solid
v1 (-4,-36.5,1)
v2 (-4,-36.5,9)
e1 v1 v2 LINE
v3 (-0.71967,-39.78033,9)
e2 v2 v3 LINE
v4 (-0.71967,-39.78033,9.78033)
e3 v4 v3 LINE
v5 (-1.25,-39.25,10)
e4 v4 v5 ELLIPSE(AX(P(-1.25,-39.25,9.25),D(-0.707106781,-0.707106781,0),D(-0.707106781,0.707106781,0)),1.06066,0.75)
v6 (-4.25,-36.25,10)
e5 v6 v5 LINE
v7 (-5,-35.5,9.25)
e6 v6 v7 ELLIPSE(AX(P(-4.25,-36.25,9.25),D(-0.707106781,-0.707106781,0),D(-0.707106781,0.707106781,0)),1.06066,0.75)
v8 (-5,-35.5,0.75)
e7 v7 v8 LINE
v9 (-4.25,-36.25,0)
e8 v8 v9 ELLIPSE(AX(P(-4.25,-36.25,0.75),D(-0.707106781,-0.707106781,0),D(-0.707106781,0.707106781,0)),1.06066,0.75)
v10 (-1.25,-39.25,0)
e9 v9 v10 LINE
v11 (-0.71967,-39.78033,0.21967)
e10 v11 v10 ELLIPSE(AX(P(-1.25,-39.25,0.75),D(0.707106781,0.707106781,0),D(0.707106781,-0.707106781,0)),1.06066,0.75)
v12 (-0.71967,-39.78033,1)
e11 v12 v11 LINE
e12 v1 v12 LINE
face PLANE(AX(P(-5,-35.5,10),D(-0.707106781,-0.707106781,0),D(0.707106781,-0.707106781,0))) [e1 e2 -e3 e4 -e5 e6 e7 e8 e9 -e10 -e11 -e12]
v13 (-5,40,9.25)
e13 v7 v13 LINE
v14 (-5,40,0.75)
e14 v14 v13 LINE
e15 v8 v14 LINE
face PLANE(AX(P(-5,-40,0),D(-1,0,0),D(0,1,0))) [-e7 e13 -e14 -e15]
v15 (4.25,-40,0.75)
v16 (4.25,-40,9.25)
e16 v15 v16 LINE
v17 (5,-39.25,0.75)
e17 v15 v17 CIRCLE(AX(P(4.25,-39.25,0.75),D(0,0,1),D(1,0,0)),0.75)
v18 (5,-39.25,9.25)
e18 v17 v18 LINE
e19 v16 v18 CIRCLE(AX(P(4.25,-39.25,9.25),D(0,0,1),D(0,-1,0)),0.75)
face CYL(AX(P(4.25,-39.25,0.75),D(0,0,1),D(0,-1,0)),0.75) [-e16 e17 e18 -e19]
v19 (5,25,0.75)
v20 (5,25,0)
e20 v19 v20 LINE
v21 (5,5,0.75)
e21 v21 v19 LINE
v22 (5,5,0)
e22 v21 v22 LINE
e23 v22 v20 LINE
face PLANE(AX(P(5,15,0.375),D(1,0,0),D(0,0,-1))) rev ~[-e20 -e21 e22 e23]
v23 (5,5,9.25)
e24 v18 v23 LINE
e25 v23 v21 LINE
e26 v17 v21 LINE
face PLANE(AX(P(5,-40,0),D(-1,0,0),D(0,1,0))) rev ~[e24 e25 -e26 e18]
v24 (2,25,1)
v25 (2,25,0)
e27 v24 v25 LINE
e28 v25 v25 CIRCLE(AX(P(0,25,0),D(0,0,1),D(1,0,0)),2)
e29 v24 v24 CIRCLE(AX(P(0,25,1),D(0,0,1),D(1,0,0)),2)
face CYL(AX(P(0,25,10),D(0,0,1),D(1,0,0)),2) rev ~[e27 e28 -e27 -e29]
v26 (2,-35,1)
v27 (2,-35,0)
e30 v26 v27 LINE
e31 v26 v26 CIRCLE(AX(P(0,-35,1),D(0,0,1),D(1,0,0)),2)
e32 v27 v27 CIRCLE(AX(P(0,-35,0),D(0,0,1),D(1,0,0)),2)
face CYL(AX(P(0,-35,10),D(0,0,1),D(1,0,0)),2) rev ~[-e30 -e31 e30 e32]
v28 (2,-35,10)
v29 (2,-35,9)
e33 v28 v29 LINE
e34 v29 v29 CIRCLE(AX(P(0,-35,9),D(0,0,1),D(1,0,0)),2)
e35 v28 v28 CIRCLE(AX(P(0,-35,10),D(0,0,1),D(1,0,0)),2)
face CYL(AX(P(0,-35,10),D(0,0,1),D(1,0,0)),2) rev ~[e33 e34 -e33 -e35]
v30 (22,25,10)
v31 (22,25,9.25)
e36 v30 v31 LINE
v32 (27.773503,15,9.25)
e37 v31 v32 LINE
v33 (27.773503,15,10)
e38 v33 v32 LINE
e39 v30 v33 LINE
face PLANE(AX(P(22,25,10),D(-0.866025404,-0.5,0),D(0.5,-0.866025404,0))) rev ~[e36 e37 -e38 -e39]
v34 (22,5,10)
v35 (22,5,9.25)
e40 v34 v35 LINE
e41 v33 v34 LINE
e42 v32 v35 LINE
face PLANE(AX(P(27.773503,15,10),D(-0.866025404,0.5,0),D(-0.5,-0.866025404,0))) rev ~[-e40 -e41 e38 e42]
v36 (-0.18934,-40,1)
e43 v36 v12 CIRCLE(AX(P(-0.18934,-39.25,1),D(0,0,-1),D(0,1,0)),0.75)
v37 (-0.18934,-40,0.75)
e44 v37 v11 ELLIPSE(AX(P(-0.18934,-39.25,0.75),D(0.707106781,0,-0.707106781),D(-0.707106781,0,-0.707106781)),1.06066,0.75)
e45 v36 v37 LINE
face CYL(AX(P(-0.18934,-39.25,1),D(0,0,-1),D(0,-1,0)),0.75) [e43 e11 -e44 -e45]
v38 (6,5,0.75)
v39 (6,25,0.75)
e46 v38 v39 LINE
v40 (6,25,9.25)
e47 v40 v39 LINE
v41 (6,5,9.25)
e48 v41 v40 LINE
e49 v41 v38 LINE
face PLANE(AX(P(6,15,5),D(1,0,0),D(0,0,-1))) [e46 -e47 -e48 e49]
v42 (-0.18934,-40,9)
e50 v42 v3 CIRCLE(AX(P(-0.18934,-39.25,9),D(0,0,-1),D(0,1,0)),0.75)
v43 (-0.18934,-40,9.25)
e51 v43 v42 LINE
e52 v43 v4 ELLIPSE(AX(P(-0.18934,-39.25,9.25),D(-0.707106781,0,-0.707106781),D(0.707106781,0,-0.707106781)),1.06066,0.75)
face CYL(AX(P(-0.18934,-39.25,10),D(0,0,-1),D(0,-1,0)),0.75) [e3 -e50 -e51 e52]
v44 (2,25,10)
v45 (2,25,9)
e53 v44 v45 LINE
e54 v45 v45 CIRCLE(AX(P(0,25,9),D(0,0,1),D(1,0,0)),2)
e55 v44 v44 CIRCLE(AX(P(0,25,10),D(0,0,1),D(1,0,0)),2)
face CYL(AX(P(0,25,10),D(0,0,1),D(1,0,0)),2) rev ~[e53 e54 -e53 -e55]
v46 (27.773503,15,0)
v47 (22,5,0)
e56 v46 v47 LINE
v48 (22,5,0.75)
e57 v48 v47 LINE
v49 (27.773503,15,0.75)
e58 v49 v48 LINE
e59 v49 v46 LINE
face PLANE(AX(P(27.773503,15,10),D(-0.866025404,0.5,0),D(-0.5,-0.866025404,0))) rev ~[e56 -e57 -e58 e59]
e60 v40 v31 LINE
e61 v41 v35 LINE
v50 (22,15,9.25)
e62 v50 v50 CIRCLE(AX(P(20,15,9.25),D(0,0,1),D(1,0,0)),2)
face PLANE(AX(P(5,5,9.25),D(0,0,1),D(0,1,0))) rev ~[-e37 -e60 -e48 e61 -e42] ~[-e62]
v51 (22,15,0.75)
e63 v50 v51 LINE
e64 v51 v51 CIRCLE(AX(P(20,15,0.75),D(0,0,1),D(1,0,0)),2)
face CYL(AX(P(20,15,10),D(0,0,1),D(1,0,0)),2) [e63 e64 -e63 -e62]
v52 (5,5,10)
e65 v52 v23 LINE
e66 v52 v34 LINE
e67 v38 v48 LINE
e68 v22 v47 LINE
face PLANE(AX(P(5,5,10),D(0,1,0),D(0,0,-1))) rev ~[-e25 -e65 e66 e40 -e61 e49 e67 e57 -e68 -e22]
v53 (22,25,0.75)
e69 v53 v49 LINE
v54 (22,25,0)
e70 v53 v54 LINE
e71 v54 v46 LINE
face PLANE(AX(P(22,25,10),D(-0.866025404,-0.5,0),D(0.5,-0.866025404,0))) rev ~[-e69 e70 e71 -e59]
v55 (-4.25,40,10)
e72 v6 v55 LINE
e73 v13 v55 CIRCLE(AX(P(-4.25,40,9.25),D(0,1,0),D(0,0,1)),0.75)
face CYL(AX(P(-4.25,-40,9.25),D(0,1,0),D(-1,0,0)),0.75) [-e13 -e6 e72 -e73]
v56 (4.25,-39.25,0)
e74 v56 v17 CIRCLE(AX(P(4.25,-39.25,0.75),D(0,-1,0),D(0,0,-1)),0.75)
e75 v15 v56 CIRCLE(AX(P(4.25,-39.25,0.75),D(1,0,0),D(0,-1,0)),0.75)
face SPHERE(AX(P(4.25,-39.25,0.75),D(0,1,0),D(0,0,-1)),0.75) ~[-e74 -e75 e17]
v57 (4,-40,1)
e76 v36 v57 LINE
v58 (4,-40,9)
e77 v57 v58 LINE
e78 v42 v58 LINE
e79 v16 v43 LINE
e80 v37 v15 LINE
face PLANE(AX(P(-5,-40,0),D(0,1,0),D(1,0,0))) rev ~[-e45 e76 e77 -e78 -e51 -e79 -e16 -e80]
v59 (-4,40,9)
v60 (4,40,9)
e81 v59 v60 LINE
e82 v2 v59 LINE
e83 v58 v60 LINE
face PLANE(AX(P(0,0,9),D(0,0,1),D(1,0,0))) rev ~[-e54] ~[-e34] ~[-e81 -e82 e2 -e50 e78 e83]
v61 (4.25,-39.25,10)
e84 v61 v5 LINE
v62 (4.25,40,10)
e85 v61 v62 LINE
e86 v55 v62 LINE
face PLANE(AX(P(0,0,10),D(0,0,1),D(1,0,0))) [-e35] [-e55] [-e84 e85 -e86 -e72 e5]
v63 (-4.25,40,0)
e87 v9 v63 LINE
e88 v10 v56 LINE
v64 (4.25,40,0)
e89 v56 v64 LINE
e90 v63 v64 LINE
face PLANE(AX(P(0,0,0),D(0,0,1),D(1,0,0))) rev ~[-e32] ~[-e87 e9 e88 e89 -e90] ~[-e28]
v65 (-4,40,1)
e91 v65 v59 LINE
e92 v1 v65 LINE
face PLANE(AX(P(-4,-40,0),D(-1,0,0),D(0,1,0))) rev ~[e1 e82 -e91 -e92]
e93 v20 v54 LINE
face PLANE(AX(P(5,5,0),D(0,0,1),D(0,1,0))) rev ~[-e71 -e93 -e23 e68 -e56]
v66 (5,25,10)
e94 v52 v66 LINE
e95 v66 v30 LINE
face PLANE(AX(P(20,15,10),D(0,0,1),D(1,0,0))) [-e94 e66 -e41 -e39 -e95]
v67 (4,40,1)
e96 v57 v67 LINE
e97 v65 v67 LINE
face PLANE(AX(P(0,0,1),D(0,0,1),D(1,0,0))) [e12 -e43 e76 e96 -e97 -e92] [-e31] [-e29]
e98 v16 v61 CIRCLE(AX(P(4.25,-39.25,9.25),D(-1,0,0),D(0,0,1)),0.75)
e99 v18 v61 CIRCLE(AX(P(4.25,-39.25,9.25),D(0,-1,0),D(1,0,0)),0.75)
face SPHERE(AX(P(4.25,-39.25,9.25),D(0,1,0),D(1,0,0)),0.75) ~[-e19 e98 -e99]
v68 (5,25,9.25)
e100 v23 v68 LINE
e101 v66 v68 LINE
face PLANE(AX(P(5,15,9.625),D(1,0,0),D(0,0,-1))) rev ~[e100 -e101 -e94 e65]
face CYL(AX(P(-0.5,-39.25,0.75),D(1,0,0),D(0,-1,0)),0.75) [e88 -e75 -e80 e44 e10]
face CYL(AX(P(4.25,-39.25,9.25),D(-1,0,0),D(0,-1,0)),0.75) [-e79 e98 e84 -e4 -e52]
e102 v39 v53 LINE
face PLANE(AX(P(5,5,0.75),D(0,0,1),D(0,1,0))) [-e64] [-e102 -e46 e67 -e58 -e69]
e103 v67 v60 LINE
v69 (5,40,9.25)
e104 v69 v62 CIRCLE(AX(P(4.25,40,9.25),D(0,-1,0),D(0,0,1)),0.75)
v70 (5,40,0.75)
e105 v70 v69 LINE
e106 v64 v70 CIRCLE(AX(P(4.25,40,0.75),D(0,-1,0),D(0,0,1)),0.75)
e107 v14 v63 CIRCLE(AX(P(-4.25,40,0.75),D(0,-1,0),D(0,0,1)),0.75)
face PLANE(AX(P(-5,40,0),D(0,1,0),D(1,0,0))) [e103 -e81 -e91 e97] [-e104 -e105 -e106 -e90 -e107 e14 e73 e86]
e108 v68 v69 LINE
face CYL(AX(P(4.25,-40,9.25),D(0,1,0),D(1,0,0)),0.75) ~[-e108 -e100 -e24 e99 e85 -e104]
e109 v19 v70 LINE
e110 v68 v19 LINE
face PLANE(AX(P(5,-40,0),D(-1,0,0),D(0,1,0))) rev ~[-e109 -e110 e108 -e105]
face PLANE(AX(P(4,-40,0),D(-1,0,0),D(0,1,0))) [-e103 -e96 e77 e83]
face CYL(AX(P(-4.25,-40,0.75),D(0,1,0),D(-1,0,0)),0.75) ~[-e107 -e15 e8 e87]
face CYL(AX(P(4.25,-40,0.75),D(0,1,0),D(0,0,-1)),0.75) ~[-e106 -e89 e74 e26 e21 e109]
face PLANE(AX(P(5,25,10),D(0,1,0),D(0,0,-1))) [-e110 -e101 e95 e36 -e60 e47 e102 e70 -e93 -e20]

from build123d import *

# Parameters (mm, degrees)
SKETCH1_W           = 10
SKETCH1_H           = 80
BOSS_EXTRUDE1_DEPTH = 10
SHELL1_T            = -1
FILLET1_R           = 0.75
SKETCH2_W           = 8.5
SKETCH2_H           = 20
BOSS_EXTRUDE2_DEPTH = 1
SKETCH3_W           = 0.75
SKETCH3_H           = 20
BOSS_EXTRUDE3_DEPTH = 30
CUT_EXTRUDE1_DEPTH  = 35
SKETCH5_R           = 2
CUT_EXTRUDE2_DEPTH  = 35
FILLET2_R           = 0.75
SKETCH6_R           = 2
BOSS_EXTRUDE4_DEPTH = 10


with BuildPart() as part:
    # Sketch1 → Boss-Extrude1 (new body)
    with BuildSketch(Plane.XY):
        Rectangle(SKETCH1_W, SKETCH1_H)
    extrude(amount=BOSS_EXTRUDE1_DEPTH)

    # Shell1
    shell1_openings = [part.faces().sort_by_distance(p)[0] for p in [
        (0, -40, 5),
        (0, 40, 5),
    ]]
    offset(amount=SHELL1_T, openings=shell1_openings, kind=Kind.INTERSECTION)

    # Fillet1
    fillet1_edges = [part.edges().sort_by_distance(p)[0] for p in [
        (-5, 0, 10),
        (5, 0, 10),
        (-5, 0, 0),
        (5, 0, 0),
    ]]
    fillet(fillet1_edges, radius=FILLET1_R)

    # Sketch2 → Boss-Extrude2 (add)
    with BuildSketch(Plane(origin=(5, 0, 0), x_dir=(0, 0, -1), z_dir=(1, 0, 0))):
        with Locations((-5, 15)):
            Rectangle(SKETCH2_W, SKETCH2_H)
    extrude(amount=BOSS_EXTRUDE2_DEPTH)

    # Sketch3 → Boss-Extrude3 (add)
    with BuildSketch(Plane(origin=(5, 0, 0), x_dir=(0, 0, -1), z_dir=(1, 0, 0))):
        with Locations((-9.625, 15)):
            Rectangle(SKETCH3_W, SKETCH3_H)
        with Locations((-0.375, 15)):
            Rectangle(SKETCH3_W, SKETCH3_H)
    extrude(amount=BOSS_EXTRUDE3_DEPTH)

    # Sketch4 → Cut-Extrude1 (cut)
    with BuildSketch(Plane.XY.offset(10)):
        Polygon((22, 5), (35, 5), (35, 25), (22, 25), (27.773502692, 15), align=None)
    extrude(amount=-CUT_EXTRUDE1_DEPTH, mode=Mode.SUBTRACT)

    # Sketch5 → Cut-Extrude2 (cut)
    with BuildSketch(Plane.XY.offset(10)):
        with Locations((0, 25)):
            Circle(SKETCH5_R)
        with Locations((0, -35)):
            Circle(SKETCH5_R)
        Polygon((-5, -35.5), (-0.5, -40), (-5, -40), align=None)
    extrude(amount=-CUT_EXTRUDE2_DEPTH, mode=Mode.SUBTRACT)

    # Fillet2
    fillet2_edges = [part.edges().sort_by_distance(p)[0] for p in [
        (1.875, -40, 0),
        (1.875, -40, 10),
        (-0.5, -40, 9.5),
        (-0.5, -40, 0.5),
        (5, -40, 5),
        (4.780330086, -40, 0.219669914),
        (4.780330086, -40, 9.780330086),
    ]]
    fillet(fillet2_edges, radius=FILLET2_R)

    # Sketch6 → Boss-Extrude4 (add)
    with BuildSketch(Plane.XY.offset(10)):
        with Locations((20, 15)):
            Circle(SKETCH6_R)
    extrude(amount=-BOSS_EXTRUDE4_DEPTH)


solid = part.part
